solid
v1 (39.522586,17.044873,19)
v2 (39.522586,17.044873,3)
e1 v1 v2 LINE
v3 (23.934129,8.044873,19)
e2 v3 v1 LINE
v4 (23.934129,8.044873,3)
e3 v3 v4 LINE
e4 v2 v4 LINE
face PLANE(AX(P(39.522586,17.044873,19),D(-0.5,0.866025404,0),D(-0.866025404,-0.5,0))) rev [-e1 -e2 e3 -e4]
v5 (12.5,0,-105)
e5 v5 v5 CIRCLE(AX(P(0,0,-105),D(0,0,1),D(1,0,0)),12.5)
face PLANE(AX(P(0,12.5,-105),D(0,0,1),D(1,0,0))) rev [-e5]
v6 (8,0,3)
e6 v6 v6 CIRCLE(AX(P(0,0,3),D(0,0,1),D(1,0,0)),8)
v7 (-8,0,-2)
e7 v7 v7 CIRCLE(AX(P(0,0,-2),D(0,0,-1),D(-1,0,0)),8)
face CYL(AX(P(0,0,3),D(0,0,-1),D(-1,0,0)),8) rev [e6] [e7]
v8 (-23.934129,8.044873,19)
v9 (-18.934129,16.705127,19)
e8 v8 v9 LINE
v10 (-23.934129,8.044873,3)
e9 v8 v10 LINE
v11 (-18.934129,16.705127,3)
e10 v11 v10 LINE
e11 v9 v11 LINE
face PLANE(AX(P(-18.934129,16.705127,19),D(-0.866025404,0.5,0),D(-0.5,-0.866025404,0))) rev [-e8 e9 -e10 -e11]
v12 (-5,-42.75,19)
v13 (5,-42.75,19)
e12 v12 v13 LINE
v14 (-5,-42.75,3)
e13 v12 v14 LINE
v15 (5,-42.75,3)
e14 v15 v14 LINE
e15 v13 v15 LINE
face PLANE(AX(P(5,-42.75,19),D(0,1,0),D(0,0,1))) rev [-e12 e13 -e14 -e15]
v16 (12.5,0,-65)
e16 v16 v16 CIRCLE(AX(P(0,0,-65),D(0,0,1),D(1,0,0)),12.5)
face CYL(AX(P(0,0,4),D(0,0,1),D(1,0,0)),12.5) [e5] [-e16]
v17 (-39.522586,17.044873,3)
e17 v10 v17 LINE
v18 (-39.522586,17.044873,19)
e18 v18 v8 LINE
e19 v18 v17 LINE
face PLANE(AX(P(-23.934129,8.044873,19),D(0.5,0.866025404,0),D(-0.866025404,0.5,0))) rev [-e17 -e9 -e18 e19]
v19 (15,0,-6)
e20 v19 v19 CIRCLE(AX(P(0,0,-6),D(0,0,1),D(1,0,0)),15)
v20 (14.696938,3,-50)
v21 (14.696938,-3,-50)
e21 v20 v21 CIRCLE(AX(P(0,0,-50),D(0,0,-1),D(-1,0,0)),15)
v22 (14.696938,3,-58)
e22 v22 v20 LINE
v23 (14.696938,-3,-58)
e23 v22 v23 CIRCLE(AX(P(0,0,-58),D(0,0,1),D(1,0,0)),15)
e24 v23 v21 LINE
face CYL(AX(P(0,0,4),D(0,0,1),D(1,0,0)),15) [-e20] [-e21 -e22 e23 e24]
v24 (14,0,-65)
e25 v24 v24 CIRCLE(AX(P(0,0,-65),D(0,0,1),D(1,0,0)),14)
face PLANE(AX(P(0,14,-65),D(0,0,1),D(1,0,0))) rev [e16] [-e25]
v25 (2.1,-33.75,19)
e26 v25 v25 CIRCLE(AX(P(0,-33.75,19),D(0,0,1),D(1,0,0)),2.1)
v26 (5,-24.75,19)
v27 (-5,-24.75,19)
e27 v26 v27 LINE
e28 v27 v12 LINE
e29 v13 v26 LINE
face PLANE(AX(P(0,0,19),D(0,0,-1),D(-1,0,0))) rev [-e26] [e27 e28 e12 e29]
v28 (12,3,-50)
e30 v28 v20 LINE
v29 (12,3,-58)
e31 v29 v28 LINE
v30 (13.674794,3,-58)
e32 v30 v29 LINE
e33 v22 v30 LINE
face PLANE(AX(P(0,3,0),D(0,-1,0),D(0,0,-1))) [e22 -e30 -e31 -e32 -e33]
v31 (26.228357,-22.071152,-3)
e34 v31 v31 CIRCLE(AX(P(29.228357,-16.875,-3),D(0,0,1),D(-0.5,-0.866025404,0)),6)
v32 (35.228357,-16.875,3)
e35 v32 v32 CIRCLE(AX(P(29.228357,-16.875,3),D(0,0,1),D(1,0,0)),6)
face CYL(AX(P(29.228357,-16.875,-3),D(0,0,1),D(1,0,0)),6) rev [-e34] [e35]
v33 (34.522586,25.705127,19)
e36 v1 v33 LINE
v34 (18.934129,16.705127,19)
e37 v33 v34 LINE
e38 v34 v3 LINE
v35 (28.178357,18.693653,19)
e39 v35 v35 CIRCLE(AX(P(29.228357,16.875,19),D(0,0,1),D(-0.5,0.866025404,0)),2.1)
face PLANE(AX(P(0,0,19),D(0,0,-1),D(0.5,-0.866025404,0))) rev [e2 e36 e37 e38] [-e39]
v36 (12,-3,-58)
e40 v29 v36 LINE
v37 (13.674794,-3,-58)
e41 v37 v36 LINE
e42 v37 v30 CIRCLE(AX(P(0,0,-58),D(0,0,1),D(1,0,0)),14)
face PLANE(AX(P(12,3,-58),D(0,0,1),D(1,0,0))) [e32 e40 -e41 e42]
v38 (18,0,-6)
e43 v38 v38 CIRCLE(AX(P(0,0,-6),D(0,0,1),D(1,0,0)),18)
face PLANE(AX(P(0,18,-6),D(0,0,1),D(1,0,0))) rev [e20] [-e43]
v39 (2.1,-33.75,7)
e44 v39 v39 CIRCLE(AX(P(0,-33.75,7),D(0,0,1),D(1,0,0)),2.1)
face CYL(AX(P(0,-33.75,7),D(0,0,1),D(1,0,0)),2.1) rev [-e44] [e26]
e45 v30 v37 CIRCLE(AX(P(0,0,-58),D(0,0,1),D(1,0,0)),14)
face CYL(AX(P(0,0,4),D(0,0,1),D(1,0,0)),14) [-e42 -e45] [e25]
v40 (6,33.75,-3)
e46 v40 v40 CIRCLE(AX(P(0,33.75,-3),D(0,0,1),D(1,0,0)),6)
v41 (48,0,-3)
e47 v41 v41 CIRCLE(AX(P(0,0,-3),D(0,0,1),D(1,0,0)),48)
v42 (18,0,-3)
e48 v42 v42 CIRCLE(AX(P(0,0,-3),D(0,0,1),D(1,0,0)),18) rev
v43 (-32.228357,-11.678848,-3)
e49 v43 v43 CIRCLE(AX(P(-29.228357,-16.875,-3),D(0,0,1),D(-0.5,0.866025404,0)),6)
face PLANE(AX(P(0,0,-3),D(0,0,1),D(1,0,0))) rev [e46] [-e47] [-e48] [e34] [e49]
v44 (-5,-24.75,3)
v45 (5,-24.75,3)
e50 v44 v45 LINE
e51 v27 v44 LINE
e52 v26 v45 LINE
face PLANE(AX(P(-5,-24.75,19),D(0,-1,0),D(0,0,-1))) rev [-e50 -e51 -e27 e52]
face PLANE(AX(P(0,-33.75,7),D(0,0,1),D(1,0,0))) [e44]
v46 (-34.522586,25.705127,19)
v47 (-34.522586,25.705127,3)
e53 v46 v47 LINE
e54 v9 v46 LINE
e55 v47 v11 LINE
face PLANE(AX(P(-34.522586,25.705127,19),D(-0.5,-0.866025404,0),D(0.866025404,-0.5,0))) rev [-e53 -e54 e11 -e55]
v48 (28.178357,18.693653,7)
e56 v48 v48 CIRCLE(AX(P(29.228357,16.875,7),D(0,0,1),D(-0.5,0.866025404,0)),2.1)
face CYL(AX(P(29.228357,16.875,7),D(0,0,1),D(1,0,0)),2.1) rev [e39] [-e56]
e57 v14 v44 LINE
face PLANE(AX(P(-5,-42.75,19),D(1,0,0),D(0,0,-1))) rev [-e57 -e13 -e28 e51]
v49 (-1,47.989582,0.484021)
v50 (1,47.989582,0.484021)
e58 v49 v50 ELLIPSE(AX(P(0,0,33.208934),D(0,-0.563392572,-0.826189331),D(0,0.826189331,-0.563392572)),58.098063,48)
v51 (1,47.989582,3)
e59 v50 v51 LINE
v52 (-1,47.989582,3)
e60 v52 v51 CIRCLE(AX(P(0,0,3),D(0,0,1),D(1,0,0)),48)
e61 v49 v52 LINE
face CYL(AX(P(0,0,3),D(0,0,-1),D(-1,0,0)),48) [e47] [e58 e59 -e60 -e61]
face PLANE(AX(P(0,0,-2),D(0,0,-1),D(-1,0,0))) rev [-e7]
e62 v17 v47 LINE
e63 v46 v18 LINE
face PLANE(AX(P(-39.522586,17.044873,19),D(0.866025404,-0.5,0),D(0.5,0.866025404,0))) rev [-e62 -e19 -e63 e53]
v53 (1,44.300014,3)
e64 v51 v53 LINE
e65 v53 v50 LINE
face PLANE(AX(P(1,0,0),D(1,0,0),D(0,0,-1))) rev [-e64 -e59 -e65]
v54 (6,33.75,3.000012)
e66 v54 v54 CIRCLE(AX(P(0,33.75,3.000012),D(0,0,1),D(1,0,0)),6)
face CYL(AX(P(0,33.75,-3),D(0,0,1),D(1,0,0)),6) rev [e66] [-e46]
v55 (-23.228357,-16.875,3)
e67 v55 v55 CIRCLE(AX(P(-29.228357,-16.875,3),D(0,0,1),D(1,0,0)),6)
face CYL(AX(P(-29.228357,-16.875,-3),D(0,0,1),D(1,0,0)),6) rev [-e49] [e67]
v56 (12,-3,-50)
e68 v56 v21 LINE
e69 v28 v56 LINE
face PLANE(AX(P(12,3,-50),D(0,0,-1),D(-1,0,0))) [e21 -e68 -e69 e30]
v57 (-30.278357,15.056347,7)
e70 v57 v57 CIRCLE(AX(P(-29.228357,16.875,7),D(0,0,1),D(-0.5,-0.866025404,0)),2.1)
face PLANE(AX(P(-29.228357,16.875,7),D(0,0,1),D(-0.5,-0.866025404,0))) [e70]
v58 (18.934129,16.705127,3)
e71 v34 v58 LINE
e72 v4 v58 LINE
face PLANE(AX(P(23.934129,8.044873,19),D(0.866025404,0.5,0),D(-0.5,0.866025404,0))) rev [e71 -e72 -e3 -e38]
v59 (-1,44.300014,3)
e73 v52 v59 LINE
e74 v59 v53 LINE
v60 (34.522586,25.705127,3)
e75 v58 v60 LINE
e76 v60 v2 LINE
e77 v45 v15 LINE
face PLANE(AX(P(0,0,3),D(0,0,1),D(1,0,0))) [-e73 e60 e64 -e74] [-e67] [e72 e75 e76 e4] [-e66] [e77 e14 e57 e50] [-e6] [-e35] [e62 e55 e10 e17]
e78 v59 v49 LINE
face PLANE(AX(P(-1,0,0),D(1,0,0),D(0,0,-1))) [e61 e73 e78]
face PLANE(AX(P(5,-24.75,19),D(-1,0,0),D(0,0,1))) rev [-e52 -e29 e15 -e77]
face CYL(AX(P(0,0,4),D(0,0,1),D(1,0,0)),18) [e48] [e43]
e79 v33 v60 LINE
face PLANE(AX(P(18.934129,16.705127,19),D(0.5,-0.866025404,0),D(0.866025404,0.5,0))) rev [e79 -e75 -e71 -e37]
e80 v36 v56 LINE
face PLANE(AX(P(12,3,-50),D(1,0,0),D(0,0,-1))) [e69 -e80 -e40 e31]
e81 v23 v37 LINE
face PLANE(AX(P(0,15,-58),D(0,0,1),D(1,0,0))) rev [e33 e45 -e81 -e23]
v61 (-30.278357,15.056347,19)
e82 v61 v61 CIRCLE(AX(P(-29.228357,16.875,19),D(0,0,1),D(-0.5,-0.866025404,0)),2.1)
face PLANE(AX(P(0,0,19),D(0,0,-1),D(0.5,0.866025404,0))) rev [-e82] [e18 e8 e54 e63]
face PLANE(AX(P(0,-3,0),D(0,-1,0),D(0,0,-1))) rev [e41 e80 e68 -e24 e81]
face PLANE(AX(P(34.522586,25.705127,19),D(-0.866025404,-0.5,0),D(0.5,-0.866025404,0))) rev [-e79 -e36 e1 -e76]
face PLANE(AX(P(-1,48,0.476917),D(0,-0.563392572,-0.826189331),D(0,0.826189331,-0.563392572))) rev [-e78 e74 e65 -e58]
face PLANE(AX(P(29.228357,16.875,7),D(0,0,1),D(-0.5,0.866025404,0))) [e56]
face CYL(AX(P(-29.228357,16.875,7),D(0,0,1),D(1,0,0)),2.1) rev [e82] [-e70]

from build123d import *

# Parameters (mm, degrees)
SKETCH1_R                        = 48
SKETCH1_R_2                      = 8
EX_CARRIER_FRONT_PLATE_4MM_DEPTH = 3
SKETCH2_R                        = 6
CUT_PIN_HOLE_12_DEPTH            = 69.14690015
PAT_PIN_HOLES_3X120_COUNT        = 3
CUT_EXTRUDE1_DEPTH               = 1
SKETCH4_W                        = 10
SKETCH4_H                        = 18
BOSS_EXTRUDE1_DEPTH              = 19
SKETCH5_R                        = 2.1
CUT_EXTRUDE3_DEPTH               = 12
CIRPATTERN1_COUNT                = 3
CIRPATTERN2_COUNT                = 3
SKETCH7_W                        = 4.5
SKETCH7_H                        = 8
CUT_MB6_TAB_GROOVE_6W_M27_DEPTH  = 3


with BuildPart() as part:
    # Sketch1 → EX_Carrier_Front_Plate_4mm (new, symmetric)
    with BuildSketch(Plane.XY):
        Circle(SKETCH1_R)
        Circle(SKETCH1_R_2, mode=Mode.SUBTRACT)
    extrude(amount=EX_CARRIER_FRONT_PLATE_4MM_DEPTH, both=True)

    # Sketch2 → CUT_Pin_Hole_Ø12 (cut, symmetric)
    with BuildSketch(Plane.XY.offset(3)):
        with Locations((0, 33.75)):
            Circle(SKETCH2_R)
    cut_pin_hole_12 = extrude(amount=CUT_PIN_HOLE_12_DEPTH, both=True, mode=Mode.SUBTRACT)

    # PAT_Pin_Holes_3x120: CUT_Pin_Hole_Ø12 ×3 about axis
    pat_pin_holes_3x120_axis = Axis((0, 0, 3), (0, 0, 1))
    for i in range(1, PAT_PIN_HOLES_3X120_COUNT):
        add(cut_pin_hole_12.rotate(pat_pin_holes_3x120_axis, i * 360 / PAT_PIN_HOLES_3X120_COUNT), mode=Mode.SUBTRACT)

    # Sketch3 → Cut-Extrude1 (cut, symmetric)
    with BuildSketch(Plane(origin=(0, 0, 0), x_dir=(0, 0, -1), z_dir=(1, 0, 0))):
        Polygon((-0.476916813, 48), (-3, 44.300014389), (-3, 48), align=None)
    extrude(amount=CUT_EXTRUDE1_DEPTH, both=True, mode=Mode.SUBTRACT)

    # Sketch4 → Boss-Extrude1 (add)
    with BuildSketch(Plane.XY):
        with Locations((0, -33.75)):
            Rectangle(SKETCH4_W, SKETCH4_H)
    boss_extrude1 = extrude(amount=BOSS_EXTRUDE1_DEPTH)

    # Sketch5 → Cut-Extrude3 (cut)
    with BuildSketch(Plane.XY.offset(19)):
        with Locations((0, -33.75)):
            Circle(SKETCH5_R)
    cut_extrude3 = extrude(amount=-CUT_EXTRUDE3_DEPTH, mode=Mode.SUBTRACT)

    # CirPattern1: Boss-Extrude1 ×3 about axis
    cirpattern1_axis = Axis((0, 0, -3.308265016), (0, 0, 1))
    for i in range(1, CIRPATTERN1_COUNT):
        add(boss_extrude1.rotate(cirpattern1_axis, i * 360 / CIRPATTERN1_COUNT))

    # CirPattern2: Cut-Extrude3 ×3 about axis
    cirpattern2_axis = Axis((0, 0, -3.308265016), (0, 0, 1))
    for i in range(1, CIRPATTERN2_COUNT):
        add(cut_extrude3.rotate(cirpattern2_axis, i * 360 / CIRPATTERN2_COUNT), mode=Mode.SUBTRACT)

    # Sketch6 → Revolve1 (revolve)
    with BuildSketch(Plane(origin=(0, 0, 0), x_dir=(0, 0, -1), z_dir=(1, 0, 0))):
        Polygon((2, 0), (2, 18), (6, 18), (6, 15), (58, 15), (58, 14), (65, 14), (65, 12.5), (105, 12.5), (105, 0), align=None)
    revolve(axis=Axis((0, 0, 4), (0, 0, -1)))

    # Sketch7 → CUT_MB6_Tab_Groove_6w_M27 (cut, symmetric)
    with BuildSketch(Plane(origin=(0, 0, 0), x_dir=(1, 0, 0), z_dir=(0, 1, 0))):
        with Locations((14.25, 54)):
            Rectangle(SKETCH7_W, SKETCH7_H)
    extrude(amount=CUT_MB6_TAB_GROOVE_6W_M27_DEPTH, both=True, mode=Mode.SUBTRACT)


solid = part.part
